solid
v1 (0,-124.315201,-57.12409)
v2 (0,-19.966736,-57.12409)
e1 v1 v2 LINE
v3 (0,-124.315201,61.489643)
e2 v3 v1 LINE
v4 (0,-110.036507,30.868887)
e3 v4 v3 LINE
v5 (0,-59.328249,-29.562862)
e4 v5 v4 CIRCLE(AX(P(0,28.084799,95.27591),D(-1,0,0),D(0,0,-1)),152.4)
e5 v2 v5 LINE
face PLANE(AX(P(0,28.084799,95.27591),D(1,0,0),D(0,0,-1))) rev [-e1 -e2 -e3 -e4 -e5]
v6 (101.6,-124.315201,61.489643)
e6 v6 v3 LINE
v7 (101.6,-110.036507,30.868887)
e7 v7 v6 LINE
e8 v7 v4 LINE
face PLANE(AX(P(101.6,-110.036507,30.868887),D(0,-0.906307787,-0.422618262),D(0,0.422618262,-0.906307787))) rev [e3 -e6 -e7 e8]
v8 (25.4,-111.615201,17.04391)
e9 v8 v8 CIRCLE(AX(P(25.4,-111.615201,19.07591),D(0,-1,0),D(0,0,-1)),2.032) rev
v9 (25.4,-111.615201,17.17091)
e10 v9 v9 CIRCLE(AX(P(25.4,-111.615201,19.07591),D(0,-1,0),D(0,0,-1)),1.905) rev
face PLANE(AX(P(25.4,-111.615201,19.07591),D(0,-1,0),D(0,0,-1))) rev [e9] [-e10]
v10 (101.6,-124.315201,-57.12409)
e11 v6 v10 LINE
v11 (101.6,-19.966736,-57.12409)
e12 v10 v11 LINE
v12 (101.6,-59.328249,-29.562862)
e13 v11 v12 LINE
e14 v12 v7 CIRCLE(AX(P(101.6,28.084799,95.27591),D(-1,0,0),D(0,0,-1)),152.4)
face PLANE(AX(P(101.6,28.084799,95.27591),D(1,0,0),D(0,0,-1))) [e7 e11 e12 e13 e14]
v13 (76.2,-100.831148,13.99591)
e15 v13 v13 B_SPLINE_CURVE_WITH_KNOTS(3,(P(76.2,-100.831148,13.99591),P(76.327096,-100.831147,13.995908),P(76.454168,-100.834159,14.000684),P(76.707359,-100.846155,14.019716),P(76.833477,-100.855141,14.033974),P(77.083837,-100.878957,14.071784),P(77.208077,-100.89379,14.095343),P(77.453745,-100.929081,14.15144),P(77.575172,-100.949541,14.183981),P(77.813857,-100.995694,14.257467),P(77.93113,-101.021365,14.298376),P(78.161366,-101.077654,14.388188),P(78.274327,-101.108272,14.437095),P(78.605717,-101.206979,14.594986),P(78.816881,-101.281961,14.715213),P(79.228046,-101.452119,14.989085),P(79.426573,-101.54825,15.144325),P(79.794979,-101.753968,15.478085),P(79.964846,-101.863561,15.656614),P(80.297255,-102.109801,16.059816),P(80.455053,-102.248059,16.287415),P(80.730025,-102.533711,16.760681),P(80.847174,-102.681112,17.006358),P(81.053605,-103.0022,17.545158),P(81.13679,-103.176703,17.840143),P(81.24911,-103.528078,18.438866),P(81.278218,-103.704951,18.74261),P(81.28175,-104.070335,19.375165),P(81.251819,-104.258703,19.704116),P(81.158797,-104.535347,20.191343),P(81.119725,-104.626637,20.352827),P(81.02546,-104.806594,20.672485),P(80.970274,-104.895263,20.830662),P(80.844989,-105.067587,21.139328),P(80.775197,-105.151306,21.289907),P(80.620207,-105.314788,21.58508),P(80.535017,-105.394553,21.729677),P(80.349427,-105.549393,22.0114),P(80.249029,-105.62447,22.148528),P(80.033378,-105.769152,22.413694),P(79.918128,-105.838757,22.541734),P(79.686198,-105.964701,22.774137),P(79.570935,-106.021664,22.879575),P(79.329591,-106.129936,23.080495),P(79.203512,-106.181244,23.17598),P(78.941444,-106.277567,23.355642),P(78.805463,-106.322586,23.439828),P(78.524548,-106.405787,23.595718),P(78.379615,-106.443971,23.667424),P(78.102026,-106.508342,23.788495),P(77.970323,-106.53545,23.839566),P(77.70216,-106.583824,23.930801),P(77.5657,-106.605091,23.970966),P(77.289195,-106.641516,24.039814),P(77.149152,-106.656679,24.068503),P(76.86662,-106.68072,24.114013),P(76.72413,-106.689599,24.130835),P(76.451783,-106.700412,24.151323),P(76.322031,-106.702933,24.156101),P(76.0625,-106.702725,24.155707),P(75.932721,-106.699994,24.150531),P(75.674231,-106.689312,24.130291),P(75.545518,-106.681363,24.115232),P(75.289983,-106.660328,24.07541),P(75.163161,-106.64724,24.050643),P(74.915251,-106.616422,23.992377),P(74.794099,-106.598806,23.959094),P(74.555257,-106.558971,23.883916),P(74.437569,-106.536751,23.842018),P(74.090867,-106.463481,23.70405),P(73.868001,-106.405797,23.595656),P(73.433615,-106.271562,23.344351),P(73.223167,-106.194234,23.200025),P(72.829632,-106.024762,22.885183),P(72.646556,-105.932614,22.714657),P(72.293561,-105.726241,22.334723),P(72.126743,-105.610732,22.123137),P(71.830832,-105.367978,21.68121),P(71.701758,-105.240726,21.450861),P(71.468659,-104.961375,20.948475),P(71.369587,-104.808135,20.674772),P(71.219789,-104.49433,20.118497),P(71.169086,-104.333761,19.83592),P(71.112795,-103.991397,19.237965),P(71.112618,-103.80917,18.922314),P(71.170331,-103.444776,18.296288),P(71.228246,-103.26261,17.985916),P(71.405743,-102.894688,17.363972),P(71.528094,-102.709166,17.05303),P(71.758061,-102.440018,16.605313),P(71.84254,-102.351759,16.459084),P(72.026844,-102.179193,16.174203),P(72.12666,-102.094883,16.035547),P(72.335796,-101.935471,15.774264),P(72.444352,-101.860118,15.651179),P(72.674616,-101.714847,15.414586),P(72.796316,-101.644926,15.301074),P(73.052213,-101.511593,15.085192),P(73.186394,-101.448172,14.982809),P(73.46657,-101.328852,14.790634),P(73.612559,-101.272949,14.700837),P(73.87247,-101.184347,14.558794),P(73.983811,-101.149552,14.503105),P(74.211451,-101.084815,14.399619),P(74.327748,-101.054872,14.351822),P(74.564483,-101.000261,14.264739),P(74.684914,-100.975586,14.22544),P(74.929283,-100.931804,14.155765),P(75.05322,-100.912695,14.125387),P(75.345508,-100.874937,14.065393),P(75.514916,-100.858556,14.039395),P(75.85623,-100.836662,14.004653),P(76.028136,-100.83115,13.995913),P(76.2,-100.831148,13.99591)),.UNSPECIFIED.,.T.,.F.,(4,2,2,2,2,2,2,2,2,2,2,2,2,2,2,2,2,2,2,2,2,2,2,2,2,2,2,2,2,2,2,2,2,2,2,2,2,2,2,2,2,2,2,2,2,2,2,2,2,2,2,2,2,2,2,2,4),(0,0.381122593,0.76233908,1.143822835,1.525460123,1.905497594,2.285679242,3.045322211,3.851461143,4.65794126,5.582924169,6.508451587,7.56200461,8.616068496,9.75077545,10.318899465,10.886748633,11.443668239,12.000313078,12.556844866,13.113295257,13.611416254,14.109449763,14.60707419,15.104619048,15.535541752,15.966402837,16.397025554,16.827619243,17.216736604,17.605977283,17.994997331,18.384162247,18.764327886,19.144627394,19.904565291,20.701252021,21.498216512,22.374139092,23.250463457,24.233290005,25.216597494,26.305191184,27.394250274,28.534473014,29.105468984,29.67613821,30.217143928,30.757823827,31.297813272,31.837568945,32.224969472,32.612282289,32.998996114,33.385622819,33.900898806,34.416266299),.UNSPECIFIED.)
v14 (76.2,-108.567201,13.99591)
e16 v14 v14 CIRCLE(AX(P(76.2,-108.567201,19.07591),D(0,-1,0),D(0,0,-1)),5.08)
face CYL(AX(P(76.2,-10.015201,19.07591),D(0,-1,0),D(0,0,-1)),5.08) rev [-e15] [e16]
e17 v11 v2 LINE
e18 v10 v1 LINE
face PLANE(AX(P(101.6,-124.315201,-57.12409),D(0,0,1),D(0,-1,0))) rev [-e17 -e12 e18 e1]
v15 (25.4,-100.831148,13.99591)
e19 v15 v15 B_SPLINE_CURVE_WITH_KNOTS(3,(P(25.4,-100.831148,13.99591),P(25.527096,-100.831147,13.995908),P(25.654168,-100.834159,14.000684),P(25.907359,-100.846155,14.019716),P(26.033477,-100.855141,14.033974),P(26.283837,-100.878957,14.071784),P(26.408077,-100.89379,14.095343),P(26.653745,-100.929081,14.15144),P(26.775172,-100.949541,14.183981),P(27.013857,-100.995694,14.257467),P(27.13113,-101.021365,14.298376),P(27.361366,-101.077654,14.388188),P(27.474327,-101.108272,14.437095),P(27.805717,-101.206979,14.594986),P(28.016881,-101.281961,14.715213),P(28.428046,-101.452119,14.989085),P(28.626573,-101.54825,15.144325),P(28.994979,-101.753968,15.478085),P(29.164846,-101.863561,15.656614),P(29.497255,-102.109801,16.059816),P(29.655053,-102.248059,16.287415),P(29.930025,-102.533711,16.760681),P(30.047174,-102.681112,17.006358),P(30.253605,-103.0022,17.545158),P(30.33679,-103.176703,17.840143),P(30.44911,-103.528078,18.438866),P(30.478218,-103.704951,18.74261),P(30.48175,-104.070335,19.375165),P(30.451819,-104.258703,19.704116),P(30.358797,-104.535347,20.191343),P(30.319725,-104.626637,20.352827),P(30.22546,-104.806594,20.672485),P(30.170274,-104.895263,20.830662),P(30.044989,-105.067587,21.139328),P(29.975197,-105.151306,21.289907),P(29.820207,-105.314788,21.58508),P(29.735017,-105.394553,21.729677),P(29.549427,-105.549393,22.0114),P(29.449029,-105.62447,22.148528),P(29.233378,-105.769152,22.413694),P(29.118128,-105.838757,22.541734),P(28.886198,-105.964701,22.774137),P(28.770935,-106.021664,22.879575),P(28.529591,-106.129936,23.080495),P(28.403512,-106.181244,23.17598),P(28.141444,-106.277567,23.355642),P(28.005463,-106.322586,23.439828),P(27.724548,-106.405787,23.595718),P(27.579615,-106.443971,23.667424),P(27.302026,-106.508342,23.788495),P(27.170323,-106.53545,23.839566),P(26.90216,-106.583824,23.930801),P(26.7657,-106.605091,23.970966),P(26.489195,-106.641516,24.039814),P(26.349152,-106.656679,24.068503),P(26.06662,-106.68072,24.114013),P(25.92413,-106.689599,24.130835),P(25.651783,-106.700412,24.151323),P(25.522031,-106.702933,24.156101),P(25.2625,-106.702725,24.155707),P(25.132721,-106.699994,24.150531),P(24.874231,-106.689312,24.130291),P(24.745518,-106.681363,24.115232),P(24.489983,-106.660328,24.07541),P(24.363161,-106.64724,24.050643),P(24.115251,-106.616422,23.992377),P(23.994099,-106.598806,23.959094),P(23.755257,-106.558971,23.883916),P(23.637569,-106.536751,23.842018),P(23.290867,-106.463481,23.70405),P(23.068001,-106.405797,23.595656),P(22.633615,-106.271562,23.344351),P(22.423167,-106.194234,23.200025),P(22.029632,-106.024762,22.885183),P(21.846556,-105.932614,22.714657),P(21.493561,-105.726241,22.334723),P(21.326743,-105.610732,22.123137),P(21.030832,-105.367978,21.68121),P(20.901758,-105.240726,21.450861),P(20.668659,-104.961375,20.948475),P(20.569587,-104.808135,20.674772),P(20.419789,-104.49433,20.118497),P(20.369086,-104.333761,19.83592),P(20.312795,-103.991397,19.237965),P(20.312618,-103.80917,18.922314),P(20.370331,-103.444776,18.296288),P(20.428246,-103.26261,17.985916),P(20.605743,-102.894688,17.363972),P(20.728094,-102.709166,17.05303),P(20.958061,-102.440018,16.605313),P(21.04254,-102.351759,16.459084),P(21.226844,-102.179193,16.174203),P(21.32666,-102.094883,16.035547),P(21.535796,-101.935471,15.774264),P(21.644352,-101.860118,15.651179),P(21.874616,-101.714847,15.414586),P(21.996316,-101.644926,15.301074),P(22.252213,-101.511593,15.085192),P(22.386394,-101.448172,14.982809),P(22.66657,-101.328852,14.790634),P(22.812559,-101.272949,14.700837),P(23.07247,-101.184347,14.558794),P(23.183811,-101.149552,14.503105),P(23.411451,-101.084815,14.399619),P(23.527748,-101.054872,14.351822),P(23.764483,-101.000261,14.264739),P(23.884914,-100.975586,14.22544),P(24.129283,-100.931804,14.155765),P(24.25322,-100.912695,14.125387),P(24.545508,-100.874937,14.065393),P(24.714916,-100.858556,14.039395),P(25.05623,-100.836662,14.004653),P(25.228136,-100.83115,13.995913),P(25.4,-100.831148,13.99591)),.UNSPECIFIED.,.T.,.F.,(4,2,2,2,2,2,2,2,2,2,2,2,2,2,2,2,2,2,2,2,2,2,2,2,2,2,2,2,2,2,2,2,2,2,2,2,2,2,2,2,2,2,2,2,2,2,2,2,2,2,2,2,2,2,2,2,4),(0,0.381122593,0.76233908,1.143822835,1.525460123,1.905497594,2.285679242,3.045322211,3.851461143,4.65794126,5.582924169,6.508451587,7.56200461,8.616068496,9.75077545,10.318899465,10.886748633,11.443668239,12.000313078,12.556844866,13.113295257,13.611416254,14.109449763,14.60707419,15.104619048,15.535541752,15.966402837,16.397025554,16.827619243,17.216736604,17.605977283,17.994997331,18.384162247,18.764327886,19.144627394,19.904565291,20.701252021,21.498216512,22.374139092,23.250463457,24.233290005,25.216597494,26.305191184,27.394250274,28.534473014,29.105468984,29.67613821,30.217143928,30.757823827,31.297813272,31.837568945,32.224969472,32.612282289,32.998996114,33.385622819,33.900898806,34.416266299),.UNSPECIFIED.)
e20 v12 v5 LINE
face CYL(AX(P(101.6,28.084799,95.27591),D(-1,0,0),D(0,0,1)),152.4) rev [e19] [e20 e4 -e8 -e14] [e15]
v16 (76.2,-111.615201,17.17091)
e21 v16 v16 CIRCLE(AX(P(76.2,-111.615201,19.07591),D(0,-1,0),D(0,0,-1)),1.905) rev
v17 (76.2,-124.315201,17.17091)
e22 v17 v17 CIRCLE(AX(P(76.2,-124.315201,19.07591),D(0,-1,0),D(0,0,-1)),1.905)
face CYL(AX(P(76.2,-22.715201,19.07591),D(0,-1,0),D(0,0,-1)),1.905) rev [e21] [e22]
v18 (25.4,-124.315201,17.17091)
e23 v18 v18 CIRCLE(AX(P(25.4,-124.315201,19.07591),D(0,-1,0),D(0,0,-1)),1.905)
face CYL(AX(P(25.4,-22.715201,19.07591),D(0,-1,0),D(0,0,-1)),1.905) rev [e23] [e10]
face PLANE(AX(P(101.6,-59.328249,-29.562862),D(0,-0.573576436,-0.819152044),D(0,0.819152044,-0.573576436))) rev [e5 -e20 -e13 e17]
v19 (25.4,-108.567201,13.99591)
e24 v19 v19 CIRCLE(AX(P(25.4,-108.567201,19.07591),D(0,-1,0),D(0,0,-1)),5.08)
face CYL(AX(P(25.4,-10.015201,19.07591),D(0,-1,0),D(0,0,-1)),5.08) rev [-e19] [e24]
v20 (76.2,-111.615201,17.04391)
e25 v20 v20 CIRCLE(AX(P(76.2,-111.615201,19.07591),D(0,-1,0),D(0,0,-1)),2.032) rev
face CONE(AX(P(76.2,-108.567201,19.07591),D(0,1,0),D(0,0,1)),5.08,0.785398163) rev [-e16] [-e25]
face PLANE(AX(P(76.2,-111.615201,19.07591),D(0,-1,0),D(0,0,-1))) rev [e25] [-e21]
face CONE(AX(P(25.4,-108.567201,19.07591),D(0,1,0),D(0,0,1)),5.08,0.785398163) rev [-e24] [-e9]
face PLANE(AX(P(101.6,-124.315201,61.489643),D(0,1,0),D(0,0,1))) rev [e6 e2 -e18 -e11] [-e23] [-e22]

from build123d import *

# Parameters (mm, degrees)
BOSS_EXTRUDE1_DEPTH = 101.6
SKETCH2_R           = 1.905
CUT_EXTRUDE1_DEPTH  = 101.6
CUT_EXTRUDE2_START  = -12.7
SKETCH3_R           = 5.08
CUT_EXTRUDE2_DEPTH  = 101.6
CHAMFER1_SIZE       = 3.048


with BuildPart() as part:
    # Sketch1 → Boss-Extrude1 (new body)
    with BuildSketch(Plane(origin=(0, 0, 0), x_dir=(0, 0, -1), z_dir=(1, 0, 0))):
        with BuildLine():
            Line((-61.489643294, -124.315200567), (57.124090119, -124.315200567))
            Line((57.124090119, -124.315200567), (57.124090119, -19.966735992))
            Line((57.124090119, -19.966735992), (29.562861669, -59.328249467))
            ThreePointArc((29.562861669, -59.328249467), (2.684921835, -88.660373698), (-30.868886791, -110.036507311))
            Line((-30.868886791, -110.036507311), (-61.489643294, -124.315200567))
        make_face()
    extrude(amount=BOSS_EXTRUDE1_DEPTH)

    # Sketch2 → Cut-Extrude1 (cut)
    with BuildSketch(Plane.XZ.offset(124.315200567)):
        with Locations(Location((25.4, 19.075909881, 0), (0, 0, 270))):
            Circle(SKETCH2_R)
        with Locations(Location((76.2, 19.075909881, 0), (0, 0, 270))):
            Circle(SKETCH2_R)
    extrude(amount=-CUT_EXTRUDE1_DEPTH, mode=Mode.SUBTRACT)

    # Sketch3 → Cut-Extrude2 (cut)
    with BuildSketch(Plane.XZ.offset(124.315200567).offset(CUT_EXTRUDE2_START)):
        with Locations(Location((25.4, 19.075909881, 0), (0, 0, 270))):
            Circle(SKETCH3_R)
        with Locations(Location((76.2, 19.075909881, 0), (0, 0, 270))):
            Circle(SKETCH3_R)
    extrude(amount=-CUT_EXTRUDE2_DEPTH, mode=Mode.SUBTRACT)

    # Chamfer1
    chamfer1_edges = [part.edges().sort_by_distance(p)[0] for p in [
        (25.4, -111.615200567, 24.155909881),
        (76.2, -111.615200567, 24.155909881),
    ]]
    chamfer(chamfer1_edges, length=CHAMFER1_SIZE)


solid = part.part
